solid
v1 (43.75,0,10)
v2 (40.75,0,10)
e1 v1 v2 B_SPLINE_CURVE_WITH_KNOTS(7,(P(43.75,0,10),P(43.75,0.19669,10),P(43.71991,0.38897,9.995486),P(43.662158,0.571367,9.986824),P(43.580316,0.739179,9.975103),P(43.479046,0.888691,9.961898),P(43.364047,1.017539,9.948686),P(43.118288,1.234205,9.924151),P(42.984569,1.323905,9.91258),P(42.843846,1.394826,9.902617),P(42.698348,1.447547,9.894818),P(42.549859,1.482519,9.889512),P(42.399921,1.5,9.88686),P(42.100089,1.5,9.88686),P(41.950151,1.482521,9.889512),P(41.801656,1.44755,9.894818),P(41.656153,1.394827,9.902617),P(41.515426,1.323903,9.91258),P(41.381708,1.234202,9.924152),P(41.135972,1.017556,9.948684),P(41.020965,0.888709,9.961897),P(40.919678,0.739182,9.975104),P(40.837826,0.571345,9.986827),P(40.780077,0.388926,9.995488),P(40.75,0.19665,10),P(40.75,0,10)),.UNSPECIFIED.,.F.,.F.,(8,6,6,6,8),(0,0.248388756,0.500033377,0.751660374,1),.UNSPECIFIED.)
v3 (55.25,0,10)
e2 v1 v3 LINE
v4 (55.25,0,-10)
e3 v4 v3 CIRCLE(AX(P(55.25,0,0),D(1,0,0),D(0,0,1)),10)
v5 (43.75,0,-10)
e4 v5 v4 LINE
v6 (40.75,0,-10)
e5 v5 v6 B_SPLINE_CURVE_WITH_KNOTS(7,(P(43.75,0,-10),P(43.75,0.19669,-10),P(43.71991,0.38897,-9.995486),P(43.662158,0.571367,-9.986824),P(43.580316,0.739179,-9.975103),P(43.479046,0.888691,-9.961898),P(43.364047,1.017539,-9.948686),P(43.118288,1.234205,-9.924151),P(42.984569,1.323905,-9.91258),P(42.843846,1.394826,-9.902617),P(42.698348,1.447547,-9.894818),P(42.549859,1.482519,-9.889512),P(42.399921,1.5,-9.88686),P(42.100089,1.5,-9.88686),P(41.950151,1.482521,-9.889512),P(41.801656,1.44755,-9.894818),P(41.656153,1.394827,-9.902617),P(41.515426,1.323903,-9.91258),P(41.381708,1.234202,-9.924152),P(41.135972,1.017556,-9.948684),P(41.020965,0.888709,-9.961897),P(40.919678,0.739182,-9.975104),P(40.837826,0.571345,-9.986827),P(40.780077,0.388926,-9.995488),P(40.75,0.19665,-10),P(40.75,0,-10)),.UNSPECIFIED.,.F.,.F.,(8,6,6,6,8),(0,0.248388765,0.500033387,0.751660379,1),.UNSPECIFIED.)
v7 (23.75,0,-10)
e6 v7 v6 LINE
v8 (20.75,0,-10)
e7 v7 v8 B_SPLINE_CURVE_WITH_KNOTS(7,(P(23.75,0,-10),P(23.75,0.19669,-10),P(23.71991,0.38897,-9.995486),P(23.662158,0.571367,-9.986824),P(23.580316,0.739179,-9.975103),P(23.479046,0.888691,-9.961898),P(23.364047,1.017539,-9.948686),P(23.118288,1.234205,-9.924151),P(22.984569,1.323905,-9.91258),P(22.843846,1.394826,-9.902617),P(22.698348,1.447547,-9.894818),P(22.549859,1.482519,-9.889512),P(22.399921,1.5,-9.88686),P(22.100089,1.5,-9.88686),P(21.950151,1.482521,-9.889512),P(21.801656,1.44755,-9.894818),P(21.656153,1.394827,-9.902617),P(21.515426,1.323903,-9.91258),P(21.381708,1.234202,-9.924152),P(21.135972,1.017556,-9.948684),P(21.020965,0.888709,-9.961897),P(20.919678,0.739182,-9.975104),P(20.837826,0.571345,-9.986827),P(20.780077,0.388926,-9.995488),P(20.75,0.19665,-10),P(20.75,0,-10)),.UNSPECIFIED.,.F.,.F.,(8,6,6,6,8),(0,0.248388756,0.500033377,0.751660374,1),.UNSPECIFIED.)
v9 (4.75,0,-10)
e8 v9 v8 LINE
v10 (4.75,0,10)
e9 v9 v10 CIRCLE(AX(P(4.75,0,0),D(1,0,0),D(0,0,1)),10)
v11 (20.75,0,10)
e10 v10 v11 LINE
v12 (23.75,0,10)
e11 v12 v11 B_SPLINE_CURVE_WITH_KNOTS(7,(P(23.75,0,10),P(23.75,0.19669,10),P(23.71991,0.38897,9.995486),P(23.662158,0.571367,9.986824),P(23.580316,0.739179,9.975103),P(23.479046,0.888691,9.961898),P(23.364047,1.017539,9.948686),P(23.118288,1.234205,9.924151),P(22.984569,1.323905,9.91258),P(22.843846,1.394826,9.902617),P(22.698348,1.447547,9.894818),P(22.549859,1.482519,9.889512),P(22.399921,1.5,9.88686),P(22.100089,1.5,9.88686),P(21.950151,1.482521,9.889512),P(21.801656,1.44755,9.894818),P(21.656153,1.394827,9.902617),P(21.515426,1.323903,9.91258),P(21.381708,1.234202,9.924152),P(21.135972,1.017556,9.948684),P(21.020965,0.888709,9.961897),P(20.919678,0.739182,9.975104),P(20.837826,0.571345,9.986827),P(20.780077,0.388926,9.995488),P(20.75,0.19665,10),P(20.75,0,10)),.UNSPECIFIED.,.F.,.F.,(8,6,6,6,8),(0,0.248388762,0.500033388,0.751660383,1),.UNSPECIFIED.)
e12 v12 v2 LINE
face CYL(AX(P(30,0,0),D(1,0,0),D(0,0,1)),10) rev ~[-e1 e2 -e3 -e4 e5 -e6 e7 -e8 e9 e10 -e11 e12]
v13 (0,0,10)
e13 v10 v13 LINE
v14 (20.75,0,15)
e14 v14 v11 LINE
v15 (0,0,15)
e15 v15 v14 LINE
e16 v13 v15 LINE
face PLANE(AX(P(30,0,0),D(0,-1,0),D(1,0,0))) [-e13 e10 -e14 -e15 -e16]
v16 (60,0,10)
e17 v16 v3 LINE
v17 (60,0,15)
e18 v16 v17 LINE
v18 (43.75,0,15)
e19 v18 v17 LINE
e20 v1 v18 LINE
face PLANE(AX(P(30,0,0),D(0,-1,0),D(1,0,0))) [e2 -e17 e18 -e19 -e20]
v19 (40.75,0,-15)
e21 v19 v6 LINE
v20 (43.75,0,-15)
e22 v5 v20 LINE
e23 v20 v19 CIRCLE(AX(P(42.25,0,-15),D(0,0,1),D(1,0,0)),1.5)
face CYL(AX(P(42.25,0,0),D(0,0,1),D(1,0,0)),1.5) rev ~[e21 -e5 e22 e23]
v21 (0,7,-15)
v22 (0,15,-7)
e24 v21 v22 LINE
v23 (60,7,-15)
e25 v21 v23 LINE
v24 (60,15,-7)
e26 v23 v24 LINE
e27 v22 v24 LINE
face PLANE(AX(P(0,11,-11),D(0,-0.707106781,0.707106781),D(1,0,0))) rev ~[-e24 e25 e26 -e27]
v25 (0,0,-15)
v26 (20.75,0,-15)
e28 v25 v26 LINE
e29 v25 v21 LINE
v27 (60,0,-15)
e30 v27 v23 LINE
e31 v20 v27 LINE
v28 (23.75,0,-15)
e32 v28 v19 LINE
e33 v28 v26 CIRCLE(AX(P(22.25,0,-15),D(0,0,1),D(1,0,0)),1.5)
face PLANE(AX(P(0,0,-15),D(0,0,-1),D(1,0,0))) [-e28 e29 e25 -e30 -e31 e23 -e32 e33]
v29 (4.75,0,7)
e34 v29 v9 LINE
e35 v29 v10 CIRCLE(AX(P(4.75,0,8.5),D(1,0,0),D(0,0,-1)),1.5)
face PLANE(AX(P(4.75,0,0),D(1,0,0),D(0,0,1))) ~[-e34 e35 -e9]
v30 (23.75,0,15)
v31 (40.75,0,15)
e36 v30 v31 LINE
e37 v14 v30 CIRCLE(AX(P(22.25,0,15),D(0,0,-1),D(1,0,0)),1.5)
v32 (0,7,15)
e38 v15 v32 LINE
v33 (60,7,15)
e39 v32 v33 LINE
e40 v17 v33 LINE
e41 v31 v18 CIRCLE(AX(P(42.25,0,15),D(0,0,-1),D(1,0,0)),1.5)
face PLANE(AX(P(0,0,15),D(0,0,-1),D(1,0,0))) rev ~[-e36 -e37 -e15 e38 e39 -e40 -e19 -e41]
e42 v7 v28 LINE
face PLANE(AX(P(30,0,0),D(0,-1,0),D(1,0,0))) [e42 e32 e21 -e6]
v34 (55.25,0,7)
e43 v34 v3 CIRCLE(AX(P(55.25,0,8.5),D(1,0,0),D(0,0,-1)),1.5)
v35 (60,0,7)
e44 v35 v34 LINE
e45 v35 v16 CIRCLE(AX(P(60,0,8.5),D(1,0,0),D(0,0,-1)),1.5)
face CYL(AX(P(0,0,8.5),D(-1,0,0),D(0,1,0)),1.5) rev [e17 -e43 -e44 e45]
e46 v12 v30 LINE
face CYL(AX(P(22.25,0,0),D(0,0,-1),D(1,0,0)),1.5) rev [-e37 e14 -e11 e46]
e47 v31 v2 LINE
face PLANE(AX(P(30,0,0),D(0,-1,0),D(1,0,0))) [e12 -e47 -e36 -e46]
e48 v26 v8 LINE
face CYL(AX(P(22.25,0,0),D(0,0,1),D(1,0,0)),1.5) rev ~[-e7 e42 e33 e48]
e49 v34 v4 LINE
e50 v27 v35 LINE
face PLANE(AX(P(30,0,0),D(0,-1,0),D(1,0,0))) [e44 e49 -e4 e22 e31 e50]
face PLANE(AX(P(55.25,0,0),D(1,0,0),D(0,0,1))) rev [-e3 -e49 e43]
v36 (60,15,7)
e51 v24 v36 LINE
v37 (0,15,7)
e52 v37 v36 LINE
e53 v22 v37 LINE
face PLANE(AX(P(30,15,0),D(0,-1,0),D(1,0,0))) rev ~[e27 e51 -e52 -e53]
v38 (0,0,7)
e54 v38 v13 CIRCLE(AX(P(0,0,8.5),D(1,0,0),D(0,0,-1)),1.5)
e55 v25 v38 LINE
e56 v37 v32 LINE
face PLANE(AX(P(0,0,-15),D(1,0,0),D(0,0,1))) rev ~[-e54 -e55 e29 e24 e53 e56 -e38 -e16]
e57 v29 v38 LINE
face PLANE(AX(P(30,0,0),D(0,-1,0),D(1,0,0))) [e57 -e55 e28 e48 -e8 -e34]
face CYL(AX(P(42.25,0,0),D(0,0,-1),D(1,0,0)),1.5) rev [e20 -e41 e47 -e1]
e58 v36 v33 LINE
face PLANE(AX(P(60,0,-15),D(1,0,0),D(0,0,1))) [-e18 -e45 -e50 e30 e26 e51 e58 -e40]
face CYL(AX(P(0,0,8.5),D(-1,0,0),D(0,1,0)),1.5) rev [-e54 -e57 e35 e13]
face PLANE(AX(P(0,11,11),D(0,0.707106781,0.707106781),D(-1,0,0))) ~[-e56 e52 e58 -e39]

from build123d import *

# Parameters (mm, degrees)
F0_W          = 60
F0_H          = 30
F1_DEPTH      = 15
F3_W          = 50.5
F3_H          = 10
F5_R          = 1.5
F6_DEPTH      = 60.001
F7_R          = 1.5
F8_DEPTH      = 15.001
F8_DEPTH_BACK = 15.001
F9_SIZE       = 8


with BuildPart() as f1:
    # F0 (on Front) → F1 (new body)
    with BuildSketch(Plane.XZ):
        with Locations((30, 0)):
            Rectangle(F0_W, F0_H)
    extrude(amount=-F1_DEPTH)

    # F3 (on Front) → F4 (revolve, cut)
    with BuildSketch(Plane.XZ):
        with Locations((30, 5)):
            Rectangle(F3_W, F3_H)
    revolve(axis=Axis((30, 0, 0), (1, 0, 0)), mode=Mode.SUBTRACT)

    # F5 (on Right) → F6 (cut, through all)
    with BuildSketch(Plane.YZ):
        with Locations((0, 8.5)):
            Circle(F5_R)
    extrude(amount=F6_DEPTH, mode=Mode.SUBTRACT)

    # F7 (on Top) → F8 (cut, two sides)
    with BuildSketch(Plane.XY) as f8_sk:
        with Locations((22.25, 0)):
            Circle(F7_R)
        with Locations((42.25, 0)):
            Circle(F7_R)
    extrude(amount=-F8_DEPTH, mode=Mode.SUBTRACT)
    extrude(f8_sk.sketch, amount=F8_DEPTH_BACK, mode=Mode.SUBTRACT)

    # F9
    f9_edges = [f1.edges().sort_by_distance(p)[0] for p in [
        (30, 15, 15),
        (30, 15, -15),
    ]]
    chamfer(f9_edges, length=F9_SIZE)


solid = f1.part
